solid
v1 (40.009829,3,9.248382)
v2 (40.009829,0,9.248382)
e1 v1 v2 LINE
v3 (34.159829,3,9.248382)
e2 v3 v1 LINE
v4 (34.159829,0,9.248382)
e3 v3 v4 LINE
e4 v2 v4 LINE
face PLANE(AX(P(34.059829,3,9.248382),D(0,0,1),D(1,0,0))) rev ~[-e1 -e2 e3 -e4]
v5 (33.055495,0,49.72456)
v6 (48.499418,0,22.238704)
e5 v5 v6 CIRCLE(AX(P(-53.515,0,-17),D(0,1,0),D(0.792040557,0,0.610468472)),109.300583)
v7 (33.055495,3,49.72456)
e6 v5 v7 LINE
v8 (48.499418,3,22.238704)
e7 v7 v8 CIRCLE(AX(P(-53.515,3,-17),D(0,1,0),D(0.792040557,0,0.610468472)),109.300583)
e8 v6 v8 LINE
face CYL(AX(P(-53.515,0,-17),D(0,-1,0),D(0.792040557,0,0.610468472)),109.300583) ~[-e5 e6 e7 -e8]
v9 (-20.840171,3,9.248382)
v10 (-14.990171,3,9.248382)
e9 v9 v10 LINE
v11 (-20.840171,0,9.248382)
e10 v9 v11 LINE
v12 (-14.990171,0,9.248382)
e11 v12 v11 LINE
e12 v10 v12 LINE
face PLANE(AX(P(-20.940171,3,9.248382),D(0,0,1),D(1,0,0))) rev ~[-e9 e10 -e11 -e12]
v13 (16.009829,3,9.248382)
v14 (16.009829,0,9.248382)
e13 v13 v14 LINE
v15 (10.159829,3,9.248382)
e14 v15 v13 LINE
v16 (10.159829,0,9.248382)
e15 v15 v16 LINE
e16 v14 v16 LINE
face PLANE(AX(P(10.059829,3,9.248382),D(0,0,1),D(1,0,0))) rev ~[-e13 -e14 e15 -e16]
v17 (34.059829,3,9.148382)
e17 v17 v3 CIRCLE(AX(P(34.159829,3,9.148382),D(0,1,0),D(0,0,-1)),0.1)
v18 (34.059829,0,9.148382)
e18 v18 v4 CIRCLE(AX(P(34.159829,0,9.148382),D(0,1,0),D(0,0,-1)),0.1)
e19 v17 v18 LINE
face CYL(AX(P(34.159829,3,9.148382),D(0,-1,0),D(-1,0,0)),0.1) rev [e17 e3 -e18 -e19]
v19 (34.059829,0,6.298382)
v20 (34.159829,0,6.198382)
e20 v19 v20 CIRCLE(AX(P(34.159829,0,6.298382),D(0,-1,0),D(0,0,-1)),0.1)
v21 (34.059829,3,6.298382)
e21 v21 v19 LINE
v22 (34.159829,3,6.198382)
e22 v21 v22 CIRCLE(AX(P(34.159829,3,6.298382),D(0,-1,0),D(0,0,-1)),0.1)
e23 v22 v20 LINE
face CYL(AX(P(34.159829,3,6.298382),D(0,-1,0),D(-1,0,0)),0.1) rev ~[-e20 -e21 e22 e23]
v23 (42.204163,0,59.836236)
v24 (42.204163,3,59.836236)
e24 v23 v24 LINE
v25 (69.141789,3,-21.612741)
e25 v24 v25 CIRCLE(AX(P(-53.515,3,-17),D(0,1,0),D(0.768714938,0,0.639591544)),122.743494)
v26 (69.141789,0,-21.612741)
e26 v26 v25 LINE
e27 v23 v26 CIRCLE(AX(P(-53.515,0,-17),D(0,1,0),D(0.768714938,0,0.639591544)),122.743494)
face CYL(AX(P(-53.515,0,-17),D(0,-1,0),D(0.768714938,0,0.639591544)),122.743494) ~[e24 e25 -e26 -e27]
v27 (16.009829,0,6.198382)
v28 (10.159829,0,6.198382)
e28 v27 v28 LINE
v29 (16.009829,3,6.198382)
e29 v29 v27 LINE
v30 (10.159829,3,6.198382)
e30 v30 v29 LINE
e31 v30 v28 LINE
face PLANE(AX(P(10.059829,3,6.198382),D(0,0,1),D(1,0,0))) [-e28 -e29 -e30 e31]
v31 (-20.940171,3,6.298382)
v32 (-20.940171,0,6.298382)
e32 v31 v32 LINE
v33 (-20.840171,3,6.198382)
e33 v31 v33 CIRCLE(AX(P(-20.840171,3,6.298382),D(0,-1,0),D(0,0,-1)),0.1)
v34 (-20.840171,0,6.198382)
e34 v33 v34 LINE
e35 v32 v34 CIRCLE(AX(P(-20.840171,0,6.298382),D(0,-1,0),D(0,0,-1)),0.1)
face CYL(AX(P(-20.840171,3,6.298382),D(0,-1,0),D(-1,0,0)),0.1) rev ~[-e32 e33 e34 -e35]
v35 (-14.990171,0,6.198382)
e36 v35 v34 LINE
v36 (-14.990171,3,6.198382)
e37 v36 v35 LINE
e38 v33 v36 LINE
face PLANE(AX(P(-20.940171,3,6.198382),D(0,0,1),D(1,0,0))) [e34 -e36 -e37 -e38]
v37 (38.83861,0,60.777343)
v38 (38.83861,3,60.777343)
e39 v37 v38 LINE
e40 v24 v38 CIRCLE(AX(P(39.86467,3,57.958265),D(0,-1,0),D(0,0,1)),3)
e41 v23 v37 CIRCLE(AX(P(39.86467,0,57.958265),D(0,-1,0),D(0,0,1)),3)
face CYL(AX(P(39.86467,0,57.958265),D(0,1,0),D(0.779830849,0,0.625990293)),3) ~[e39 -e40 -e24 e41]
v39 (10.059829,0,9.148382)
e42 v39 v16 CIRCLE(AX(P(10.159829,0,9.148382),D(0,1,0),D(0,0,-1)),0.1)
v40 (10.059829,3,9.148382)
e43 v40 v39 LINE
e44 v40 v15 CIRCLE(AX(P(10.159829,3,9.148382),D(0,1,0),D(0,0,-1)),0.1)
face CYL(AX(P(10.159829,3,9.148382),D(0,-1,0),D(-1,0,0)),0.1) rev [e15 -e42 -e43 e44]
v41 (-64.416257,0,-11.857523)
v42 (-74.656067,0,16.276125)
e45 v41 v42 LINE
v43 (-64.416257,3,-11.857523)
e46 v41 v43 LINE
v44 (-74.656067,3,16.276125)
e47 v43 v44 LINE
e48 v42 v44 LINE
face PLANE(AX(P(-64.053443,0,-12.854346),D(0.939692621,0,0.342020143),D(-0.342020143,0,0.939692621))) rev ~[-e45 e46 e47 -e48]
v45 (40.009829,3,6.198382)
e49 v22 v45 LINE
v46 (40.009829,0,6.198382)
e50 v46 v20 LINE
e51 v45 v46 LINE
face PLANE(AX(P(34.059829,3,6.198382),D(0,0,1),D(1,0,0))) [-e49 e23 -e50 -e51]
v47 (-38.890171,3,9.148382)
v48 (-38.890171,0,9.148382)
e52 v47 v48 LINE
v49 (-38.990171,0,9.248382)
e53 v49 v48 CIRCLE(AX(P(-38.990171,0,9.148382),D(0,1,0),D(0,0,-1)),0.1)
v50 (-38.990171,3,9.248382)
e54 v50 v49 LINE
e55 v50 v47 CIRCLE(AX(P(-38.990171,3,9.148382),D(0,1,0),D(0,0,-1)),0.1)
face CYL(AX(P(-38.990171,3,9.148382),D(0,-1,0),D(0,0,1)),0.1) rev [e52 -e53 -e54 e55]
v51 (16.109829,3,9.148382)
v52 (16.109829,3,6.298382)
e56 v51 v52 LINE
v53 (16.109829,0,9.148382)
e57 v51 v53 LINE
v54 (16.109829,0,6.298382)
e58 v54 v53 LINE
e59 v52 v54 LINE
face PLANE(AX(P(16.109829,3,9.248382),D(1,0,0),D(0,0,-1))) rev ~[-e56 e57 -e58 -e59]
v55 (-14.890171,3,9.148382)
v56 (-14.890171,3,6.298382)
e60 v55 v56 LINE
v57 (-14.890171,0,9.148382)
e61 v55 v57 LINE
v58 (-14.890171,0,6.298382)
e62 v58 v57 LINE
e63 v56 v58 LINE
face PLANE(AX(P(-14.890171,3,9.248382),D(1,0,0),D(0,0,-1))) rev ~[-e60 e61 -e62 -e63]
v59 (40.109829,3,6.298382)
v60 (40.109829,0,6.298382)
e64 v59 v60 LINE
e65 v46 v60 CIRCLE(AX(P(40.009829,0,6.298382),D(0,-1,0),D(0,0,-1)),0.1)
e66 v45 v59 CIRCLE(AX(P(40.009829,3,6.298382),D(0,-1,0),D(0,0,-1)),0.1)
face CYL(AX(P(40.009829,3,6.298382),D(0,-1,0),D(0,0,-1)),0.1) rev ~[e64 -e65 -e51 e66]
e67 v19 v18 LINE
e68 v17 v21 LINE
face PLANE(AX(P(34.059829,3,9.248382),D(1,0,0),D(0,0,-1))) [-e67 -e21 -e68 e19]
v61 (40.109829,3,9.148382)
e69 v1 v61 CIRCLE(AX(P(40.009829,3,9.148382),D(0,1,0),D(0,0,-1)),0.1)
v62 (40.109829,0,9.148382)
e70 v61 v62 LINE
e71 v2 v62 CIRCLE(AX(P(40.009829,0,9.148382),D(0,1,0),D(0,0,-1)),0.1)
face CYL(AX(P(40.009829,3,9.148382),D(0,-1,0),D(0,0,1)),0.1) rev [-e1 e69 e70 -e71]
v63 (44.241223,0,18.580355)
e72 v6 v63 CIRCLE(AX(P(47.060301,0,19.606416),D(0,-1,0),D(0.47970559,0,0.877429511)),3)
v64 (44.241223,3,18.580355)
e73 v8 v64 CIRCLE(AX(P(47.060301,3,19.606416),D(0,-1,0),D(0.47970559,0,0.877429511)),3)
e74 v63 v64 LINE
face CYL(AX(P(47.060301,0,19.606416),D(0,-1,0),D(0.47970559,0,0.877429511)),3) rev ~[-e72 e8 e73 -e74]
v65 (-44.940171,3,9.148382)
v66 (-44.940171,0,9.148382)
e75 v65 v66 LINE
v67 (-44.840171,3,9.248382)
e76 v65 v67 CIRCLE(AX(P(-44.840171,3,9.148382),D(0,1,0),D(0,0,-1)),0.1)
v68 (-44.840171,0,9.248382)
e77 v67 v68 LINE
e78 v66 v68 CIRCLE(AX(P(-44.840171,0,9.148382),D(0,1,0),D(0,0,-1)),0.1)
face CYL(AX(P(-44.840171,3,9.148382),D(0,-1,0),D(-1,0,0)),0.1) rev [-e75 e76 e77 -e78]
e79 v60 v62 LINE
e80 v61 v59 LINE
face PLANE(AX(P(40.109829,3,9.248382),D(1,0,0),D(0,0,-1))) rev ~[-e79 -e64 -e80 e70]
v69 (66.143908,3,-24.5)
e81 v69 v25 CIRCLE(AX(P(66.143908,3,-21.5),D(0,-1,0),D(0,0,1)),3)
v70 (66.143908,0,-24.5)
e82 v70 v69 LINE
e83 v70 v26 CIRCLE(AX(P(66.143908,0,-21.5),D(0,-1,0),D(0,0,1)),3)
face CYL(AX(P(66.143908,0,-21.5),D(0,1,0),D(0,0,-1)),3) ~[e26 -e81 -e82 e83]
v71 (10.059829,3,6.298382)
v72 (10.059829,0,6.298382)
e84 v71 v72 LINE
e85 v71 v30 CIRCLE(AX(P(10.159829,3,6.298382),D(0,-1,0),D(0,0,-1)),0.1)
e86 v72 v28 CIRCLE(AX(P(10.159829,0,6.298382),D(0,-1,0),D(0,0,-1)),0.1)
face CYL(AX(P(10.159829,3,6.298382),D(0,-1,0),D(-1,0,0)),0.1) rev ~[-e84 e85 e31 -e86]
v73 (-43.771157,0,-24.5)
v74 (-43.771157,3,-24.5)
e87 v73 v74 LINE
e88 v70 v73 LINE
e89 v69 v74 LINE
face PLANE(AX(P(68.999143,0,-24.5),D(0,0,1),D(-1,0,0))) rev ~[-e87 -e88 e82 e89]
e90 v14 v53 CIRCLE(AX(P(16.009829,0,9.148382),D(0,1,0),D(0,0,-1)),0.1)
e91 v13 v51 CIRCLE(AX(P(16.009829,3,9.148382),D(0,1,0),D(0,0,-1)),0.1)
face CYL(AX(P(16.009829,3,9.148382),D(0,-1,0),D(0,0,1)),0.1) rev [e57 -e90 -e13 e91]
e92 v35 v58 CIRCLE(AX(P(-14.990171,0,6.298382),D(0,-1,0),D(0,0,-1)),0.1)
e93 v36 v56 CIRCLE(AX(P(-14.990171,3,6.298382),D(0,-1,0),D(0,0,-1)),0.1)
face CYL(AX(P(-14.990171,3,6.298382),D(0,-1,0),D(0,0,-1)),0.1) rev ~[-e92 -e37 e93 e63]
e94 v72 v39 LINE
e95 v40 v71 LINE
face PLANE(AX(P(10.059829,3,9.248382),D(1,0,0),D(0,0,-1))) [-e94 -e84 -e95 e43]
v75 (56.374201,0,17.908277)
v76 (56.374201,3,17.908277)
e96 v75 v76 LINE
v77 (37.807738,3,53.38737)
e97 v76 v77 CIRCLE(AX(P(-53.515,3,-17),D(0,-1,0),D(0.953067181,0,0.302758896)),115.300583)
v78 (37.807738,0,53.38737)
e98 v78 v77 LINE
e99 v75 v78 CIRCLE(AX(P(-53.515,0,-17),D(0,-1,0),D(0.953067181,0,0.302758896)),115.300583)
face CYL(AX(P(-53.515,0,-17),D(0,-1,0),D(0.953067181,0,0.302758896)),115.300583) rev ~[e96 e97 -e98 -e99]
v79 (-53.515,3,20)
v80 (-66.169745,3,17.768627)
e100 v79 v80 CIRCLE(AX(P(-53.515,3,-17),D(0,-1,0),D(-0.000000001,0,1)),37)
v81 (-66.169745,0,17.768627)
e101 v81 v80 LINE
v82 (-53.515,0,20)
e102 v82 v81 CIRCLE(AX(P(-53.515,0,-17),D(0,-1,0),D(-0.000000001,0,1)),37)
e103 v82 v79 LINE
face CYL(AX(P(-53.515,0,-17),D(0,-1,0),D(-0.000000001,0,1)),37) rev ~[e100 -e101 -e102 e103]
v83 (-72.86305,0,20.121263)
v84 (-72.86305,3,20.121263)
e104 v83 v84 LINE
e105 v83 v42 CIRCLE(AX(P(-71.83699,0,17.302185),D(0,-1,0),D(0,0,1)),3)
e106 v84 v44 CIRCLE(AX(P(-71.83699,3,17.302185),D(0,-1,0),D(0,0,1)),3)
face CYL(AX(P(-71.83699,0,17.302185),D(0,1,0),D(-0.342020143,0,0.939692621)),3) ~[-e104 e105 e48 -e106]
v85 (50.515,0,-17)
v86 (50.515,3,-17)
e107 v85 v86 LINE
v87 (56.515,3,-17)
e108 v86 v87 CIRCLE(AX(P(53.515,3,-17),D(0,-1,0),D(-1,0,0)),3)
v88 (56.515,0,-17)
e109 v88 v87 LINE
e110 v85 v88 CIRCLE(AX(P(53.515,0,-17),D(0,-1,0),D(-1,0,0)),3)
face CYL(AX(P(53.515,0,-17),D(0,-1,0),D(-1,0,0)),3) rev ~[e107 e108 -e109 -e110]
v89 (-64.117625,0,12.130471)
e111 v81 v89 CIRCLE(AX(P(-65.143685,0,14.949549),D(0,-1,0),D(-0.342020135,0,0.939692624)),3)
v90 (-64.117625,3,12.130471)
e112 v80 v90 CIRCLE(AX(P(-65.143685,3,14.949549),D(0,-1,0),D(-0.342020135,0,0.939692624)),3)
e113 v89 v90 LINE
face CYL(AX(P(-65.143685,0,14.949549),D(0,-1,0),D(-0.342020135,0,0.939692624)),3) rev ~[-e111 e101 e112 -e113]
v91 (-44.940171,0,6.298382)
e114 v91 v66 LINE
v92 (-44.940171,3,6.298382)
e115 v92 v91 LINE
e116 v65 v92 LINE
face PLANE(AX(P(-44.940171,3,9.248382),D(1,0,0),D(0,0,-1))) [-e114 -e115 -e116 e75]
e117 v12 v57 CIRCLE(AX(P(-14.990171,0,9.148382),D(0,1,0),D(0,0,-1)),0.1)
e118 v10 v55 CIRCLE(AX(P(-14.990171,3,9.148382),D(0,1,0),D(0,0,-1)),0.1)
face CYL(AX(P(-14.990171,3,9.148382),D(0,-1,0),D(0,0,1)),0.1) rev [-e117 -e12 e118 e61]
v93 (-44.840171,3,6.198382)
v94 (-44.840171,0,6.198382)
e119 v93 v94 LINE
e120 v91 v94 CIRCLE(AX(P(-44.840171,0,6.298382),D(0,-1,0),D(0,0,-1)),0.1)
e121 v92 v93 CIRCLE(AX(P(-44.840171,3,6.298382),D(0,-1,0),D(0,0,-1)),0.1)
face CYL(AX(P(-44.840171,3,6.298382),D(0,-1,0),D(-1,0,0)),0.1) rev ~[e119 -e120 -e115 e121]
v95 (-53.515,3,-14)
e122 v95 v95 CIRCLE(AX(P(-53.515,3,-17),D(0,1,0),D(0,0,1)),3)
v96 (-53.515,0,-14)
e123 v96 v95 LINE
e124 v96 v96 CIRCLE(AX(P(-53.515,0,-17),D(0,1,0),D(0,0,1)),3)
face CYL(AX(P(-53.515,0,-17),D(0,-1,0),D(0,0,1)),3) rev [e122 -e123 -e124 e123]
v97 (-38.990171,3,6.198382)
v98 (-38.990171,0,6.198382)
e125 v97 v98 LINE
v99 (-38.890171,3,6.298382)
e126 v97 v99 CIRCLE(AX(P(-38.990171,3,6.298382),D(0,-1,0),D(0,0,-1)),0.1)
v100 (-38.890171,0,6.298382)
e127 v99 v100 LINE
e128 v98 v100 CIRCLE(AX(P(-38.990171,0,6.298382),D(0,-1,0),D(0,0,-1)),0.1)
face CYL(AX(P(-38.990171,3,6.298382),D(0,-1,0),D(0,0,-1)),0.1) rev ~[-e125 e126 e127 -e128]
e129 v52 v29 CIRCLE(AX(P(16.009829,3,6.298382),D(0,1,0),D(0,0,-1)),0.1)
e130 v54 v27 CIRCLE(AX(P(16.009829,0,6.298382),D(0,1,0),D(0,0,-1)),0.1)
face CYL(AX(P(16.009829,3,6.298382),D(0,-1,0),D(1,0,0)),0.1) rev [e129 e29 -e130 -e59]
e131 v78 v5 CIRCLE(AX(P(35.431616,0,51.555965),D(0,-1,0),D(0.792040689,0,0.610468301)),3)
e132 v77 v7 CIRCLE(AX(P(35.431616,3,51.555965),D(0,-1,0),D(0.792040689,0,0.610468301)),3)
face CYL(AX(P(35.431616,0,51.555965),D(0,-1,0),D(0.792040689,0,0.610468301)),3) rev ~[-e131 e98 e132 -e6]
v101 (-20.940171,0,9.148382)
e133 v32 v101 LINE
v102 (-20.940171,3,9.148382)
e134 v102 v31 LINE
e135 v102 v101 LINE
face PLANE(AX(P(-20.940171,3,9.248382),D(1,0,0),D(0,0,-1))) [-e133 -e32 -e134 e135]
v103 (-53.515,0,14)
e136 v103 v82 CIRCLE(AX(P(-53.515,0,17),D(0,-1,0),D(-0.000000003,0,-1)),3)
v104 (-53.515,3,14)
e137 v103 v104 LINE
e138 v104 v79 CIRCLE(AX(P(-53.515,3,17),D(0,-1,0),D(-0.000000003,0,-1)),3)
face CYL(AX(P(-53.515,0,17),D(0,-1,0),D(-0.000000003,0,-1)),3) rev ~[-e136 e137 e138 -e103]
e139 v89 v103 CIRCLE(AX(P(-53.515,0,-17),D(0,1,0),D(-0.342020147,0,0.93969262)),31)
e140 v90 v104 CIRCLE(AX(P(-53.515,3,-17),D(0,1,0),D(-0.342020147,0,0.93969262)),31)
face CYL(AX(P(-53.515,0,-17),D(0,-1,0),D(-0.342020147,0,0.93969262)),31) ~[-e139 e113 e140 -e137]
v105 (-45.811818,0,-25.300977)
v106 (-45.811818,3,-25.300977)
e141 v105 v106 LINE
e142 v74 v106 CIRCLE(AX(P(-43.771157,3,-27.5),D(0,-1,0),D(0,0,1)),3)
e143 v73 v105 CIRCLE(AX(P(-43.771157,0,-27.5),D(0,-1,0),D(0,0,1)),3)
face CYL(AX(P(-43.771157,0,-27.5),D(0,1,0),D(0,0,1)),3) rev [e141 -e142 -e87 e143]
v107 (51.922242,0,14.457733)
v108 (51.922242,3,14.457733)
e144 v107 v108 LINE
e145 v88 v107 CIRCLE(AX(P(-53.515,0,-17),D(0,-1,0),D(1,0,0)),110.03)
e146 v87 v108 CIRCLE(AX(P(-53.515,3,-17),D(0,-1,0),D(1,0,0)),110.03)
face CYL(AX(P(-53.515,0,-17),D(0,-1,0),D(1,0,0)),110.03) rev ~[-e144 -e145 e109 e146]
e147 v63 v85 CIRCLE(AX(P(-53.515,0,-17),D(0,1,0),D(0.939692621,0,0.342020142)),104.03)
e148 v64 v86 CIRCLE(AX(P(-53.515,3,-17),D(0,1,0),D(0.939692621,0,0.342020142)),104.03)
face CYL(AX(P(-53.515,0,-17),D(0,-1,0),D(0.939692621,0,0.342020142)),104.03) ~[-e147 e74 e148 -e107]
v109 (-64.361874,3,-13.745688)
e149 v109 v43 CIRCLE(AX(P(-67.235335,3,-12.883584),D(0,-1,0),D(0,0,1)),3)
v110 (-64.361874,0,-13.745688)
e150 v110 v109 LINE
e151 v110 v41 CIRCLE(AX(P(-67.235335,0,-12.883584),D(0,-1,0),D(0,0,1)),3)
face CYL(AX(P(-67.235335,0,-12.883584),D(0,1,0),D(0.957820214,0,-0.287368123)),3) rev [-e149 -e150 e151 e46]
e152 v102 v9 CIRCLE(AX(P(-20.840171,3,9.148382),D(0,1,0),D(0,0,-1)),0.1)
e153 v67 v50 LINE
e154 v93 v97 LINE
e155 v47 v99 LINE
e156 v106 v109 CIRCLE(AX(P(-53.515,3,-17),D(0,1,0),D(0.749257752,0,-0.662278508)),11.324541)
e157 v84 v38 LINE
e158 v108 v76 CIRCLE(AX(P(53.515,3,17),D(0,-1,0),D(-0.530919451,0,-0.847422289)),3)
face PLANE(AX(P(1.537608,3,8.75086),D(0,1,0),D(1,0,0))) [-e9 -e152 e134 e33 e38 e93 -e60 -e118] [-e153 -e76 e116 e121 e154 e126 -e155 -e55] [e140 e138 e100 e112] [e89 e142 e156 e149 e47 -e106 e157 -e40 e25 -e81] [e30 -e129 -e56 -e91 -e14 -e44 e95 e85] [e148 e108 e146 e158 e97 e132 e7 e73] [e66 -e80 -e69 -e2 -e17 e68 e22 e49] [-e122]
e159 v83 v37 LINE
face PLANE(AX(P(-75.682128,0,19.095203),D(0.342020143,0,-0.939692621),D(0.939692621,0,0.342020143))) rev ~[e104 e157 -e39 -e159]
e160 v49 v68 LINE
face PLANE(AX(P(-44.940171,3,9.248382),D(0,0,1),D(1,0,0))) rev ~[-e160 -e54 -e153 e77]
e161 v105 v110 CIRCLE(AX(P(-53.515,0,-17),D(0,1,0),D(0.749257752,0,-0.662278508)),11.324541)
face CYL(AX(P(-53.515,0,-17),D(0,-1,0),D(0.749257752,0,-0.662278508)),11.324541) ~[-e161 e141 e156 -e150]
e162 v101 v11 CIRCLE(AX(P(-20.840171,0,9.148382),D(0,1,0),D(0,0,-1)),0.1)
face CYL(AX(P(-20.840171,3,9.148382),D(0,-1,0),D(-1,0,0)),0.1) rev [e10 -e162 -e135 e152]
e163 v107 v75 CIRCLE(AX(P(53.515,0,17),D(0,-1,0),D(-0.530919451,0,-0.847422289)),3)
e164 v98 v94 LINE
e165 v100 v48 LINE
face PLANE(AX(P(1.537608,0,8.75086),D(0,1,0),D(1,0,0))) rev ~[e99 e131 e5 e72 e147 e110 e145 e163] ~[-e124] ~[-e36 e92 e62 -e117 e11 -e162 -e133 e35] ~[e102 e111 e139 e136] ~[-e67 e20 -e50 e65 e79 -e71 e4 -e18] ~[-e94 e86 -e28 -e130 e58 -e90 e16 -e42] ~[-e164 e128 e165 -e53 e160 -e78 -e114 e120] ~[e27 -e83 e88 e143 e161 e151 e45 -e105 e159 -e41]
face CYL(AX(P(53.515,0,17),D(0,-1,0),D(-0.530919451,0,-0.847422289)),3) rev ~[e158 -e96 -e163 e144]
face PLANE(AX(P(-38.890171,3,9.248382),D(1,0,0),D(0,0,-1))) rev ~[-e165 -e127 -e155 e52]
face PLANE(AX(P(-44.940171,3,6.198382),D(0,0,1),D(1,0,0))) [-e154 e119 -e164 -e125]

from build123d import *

# Parameters (mm, degrees)
SKETCH1_R           = 3
BOSS_EXTRUDE1_DEPTH = 3
FILLET1_R           = 3
CUT_EXTRUDE1_REACH  = 98.569
WELD_SKETCH_W       = 6.05
WELD_SKETCH_H       = 3.05
FILLET2_R           = 0.1


with BuildPart() as part:
    # Sketch1 → Boss-Extrude1 (new body)
    with BuildSketch(Plane(origin=(0, 0, 0), x_dir=(1, 0, 0), z_dir=(0, 1, 0))):
        with BuildLine():
            Line((68.999142959, 24.5), (-45.03, 24.5))
            ThreePointArc((-45.03, 24.5), (-59.42765336, 26.658455117), (-64.053442962, 12.85434626))
            Line((-64.053442962, 12.85434626), (-75.682127835, -19.095202846))
            Line((-75.682127835, -19.095202846), (40.839757142, -61.505700619))
            ThreePointArc((40.839757142, -61.505700619), (63.135225428, -21.192802103), (68.999142959, 24.5))
        make_face()
        with BuildLine():
            ThreePointArc((-66.169745277, -17.768626979), (-67.962762758, -13.923488739), (-64.117624541, -12.130471209))
            ThreePointArc((-64.117624541, -12.130471209), (-58.898093563, -13.529040334), (-53.515000008, -14))
            ThreePointArc((-53.515000008, -14), (-50.515, -17.000000016), (-53.51500004, -20))
            ThreePointArc((-53.51500004, -20), (-59.93998258, -19.43788686), (-66.169745277, -17.768626979))
        make_face(mode=Mode.SUBTRACT)
        with Locations(Location((-53.515, 17, 0), (0, 0, 270))):
            Circle(SKETCH1_R, mode=Mode.SUBTRACT)
        with BuildLine():
            ThreePointArc((51.922241647, -14.457733132), (55.352806586, -14.628825828), (56.374201386, -17.908277181))
            ThreePointArc((56.374201386, -17.908277181), (48.64297905, -36.460001059), (37.807738396, -53.387369951))
            ThreePointArc((37.807738396, -53.387369951), (33.600211268, -53.932086993), (33.055494505, -49.724559828))
            ThreePointArc((33.055494505, -49.724559828), (41.773694842, -36.541404897), (48.499417973, -22.238704473))
            ThreePointArc((48.499417973, -22.238704473), (45.1053197, -21.881948257), (44.241223395, -18.580355359))
            ThreePointArc((44.241223395, -18.580355359), (48.93455056, -1.064619844), (50.515, 17))
            ThreePointArc((50.515, 17), (53.515, 20), (56.515, 17))
            ThreePointArc((56.515, 17), (55.360756251, 1.104384228), (51.922241647, -14.457733132))
        make_face(mode=Mode.SUBTRACT)
    extrude(amount=BOSS_EXTRUDE1_DEPTH)

    # Fillet1
    fillet1_edges = [part.edges().sort_by_distance(p)[0] for p in [
        (68.999142959, 1.5, -24.5),
        (40.839757142, 1.5, 61.505700619),
        (-75.682127835, 1.5, 19.095202846),
        (-64.053442962, 1.5, -12.85434626),
        (-45.03, 1.5, -24.5),
    ]]
    fillet(fillet1_edges, radius=FILLET1_R)

    # weld sketch → Cut-Extrude1 (cut, up to next)
    with BuildSketch(Plane(origin=(0, 3, 0), x_dir=(1, 0, 0), z_dir=(0, 1, 0)), mode=Mode.PRIVATE) as cut_extrude1_sk1:
        with Locations((-41.915170648, -7.723381887)):
            Rectangle(WELD_SKETCH_W, WELD_SKETCH_H)
    cut_extrude1_tool1 = extrude(cut_extrude1_sk1.sketch, amount=-CUT_EXTRUDE1_REACH, mode=Mode.PRIVATE) & part.part
    # weld sketch → Cut-Extrude1 (cut, up to next)
    with BuildSketch(Plane(origin=(0, 3, 0), x_dir=(1, 0, 0), z_dir=(0, 1, 0)), mode=Mode.PRIVATE) as cut_extrude1_sk2:
        with Locations((-17.915170648, -7.723381887)):
            Rectangle(WELD_SKETCH_W, WELD_SKETCH_H)
    cut_extrude1_tool2 = extrude(cut_extrude1_sk2.sketch, amount=-CUT_EXTRUDE1_REACH, mode=Mode.PRIVATE) & part.part
    # weld sketch → Cut-Extrude1 (cut, up to next)
    with BuildSketch(Plane(origin=(0, 3, 0), x_dir=(1, 0, 0), z_dir=(0, 1, 0)), mode=Mode.PRIVATE) as cut_extrude1_sk3:
        with Locations((37.084829352, -7.723381887)):
            Rectangle(WELD_SKETCH_W, WELD_SKETCH_H)
    cut_extrude1_tool3 = extrude(cut_extrude1_sk3.sketch, amount=-CUT_EXTRUDE1_REACH, mode=Mode.PRIVATE) & part.part
    # weld sketch → Cut-Extrude1 (cut, up to next)
    with BuildSketch(Plane(origin=(0, 3, 0), x_dir=(1, 0, 0), z_dir=(0, 1, 0)), mode=Mode.PRIVATE) as cut_extrude1_sk4:
        with Locations((13.084829352, -7.723381887)):
            Rectangle(WELD_SKETCH_W, WELD_SKETCH_H)
    cut_extrude1_tool4 = extrude(cut_extrude1_sk4.sketch, amount=-CUT_EXTRUDE1_REACH, mode=Mode.PRIVATE) & part.part
    add(cut_extrude1_tool1.solids().sort_by_distance((-41.915171, 3, 7.723382))[0], mode=Mode.SUBTRACT)
    add(cut_extrude1_tool2.solids().sort_by_distance((-17.915171, 3, 7.723382))[0], mode=Mode.SUBTRACT)
    add(cut_extrude1_tool3.solids().sort_by_distance((37.084829, 3, 7.723382))[0], mode=Mode.SUBTRACT)
    add(cut_extrude1_tool4.solids().sort_by_distance((13.084829, 3, 7.723382))[0], mode=Mode.SUBTRACT)

    # Fillet2
    fillet2_edges = [part.edges().sort_by_distance(p)[0] for p in [
        (-38.890170648, 1.5, 9.248381887),
        (-44.940170648, 1.5, 9.248381887),
        (-44.940170648, 1.5, 6.198381887),
        (-38.890170648, 1.5, 6.198381887),
        (-14.890170648, 1.5, 9.248381887),
        (-20.940170648, 1.5, 9.248381887),
        (-20.940170648, 1.5, 6.198381887),
        (-14.890170648, 1.5, 6.198381887),
        (10.059829352, 1.5, 9.248381887),
        (10.059829352, 1.5, 6.198381887),
        (16.109829352, 1.5, 6.198381887),
        (16.109829352, 1.5, 9.248381887),
        (40.109829352, 1.5, 6.198381887),
        (40.109829352, 1.5, 9.248381887),
        (34.059829352, 1.5, 9.248381887),
        (34.059829352, 1.5, 6.198381887),
    ]]
    fillet(fillet2_edges, radius=FILLET2_R)


solid = part.part
